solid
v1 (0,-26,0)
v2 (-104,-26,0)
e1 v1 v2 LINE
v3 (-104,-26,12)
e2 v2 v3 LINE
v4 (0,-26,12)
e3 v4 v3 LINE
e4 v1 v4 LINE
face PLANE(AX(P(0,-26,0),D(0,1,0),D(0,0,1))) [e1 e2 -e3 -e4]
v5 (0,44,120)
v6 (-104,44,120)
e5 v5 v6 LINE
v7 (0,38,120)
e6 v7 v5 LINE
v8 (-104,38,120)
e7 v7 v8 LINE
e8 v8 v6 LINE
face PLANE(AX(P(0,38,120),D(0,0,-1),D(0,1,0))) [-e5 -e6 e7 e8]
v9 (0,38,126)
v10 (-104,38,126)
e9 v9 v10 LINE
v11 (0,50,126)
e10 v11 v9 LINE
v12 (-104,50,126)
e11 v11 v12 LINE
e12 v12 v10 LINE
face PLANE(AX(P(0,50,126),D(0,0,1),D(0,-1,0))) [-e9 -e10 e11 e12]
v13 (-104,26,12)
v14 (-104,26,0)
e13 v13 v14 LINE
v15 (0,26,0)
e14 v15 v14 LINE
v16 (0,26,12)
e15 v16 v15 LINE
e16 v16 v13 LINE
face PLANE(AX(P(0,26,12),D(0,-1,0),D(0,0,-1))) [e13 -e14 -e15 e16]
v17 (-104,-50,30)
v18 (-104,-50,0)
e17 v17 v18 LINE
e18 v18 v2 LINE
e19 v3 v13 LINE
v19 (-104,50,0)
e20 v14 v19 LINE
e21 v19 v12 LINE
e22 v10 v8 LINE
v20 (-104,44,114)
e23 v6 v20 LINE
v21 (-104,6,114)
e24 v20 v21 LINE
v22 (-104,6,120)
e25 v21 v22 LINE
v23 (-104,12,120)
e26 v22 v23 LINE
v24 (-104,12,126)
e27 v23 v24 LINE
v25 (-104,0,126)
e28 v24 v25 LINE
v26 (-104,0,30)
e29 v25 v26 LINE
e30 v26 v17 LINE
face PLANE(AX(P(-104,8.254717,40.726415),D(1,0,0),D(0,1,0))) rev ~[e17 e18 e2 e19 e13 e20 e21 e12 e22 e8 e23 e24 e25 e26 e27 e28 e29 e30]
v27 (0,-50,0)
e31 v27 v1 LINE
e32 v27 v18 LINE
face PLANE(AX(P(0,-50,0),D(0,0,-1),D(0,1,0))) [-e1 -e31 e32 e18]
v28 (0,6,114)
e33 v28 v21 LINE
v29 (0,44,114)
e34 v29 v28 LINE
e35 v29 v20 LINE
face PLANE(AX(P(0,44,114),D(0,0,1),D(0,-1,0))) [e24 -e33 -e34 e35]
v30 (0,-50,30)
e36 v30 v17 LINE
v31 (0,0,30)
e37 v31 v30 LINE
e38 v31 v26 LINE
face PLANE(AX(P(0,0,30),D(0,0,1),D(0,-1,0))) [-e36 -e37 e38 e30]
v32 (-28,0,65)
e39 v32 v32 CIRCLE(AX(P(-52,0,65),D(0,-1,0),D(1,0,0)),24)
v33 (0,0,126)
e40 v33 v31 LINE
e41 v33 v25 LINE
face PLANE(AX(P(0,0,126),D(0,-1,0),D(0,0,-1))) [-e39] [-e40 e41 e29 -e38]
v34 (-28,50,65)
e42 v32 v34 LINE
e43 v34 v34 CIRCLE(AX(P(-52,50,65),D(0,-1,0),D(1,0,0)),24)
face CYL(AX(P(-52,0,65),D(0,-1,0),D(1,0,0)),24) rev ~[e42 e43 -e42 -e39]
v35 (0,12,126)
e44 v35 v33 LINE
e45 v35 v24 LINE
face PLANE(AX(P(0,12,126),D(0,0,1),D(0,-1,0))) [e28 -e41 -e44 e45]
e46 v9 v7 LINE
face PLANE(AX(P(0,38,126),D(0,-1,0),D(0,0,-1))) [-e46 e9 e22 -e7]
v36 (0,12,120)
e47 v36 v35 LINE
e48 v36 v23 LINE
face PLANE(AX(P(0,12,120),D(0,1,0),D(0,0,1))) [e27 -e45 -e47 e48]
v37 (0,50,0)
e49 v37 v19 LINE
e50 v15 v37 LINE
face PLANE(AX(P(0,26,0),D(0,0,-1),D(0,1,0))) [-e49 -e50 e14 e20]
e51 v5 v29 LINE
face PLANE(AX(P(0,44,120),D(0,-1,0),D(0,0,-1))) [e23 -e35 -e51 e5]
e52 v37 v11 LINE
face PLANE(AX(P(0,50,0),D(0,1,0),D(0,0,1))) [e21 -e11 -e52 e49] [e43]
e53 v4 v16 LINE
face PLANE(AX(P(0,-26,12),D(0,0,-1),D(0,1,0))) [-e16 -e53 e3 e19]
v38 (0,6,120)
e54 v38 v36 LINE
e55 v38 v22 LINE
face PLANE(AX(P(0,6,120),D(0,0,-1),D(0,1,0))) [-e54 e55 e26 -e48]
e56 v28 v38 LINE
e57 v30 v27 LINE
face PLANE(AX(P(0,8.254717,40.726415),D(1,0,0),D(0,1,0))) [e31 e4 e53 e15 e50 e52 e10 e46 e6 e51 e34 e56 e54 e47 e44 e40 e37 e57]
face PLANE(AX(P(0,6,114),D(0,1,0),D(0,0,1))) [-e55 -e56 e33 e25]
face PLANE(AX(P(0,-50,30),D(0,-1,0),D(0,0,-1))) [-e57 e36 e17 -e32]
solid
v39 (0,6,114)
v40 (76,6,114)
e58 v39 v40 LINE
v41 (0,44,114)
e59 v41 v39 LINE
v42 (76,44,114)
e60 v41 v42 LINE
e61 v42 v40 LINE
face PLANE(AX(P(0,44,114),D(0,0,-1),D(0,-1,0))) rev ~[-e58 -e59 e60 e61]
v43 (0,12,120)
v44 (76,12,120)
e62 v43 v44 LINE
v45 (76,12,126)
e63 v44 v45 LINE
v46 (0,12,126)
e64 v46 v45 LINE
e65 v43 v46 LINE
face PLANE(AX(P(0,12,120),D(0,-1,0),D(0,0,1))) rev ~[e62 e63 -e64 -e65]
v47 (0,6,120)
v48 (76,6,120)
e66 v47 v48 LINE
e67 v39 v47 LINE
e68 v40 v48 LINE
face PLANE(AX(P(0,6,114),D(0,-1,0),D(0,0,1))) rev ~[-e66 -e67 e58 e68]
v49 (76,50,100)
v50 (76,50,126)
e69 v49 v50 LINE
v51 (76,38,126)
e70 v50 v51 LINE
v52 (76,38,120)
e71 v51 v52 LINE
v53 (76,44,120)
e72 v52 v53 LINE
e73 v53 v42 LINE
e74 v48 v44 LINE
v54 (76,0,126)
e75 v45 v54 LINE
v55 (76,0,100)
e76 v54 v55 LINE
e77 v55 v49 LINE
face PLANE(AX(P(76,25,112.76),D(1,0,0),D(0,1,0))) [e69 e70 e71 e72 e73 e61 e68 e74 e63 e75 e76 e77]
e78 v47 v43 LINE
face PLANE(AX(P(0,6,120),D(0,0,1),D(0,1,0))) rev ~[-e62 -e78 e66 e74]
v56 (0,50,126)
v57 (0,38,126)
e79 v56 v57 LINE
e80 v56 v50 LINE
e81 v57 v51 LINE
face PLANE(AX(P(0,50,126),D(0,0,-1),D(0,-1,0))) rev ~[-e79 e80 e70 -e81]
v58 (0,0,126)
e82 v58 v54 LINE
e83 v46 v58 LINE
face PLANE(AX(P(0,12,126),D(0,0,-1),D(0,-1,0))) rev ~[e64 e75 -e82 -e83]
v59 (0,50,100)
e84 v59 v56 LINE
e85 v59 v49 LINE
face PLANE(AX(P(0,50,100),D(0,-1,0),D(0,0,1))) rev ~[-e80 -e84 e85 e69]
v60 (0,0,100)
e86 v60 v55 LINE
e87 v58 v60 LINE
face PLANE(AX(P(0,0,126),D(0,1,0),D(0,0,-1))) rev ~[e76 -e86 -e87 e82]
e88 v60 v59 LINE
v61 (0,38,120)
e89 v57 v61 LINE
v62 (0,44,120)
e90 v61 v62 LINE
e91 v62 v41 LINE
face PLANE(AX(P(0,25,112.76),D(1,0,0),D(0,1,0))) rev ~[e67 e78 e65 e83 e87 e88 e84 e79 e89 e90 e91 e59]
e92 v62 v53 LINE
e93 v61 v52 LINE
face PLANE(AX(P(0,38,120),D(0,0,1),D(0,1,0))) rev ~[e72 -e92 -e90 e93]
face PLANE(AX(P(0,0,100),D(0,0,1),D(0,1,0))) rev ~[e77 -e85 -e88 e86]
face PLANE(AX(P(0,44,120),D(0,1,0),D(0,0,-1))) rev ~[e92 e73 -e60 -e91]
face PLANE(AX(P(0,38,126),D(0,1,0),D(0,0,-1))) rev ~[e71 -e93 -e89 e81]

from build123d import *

# Parameters (mm, degrees)
F1_DEPTH = 104
F2_DEPTH = 76
F3_R     = 24
F4_DEPTH = 50


with BuildPart() as f1:
    # F0 (on Right) → F1 (new body)
    with BuildSketch(Plane.YZ):
        Polygon((26, 12), (26, 0), (50, 0), (50, 100), (0, 100), (0, 30), (-50, 30), (-50, 0), (-26, 0), (-26, 12), align=None)
        Polygon((0, 100), (50, 100), (50, 126), (38, 126), (38, 120), (44, 120), (44, 114), (6, 114), (6, 120), (12, 120), (12, 126), (0, 126), align=None)
    extrude(amount=-F1_DEPTH)

    # F3 (on face) → F4 (cut)
    with BuildSketch(Plane.XZ):
        with Locations((-52, 65)):
            Circle(F3_R)
    extrude(amount=-F4_DEPTH, mode=Mode.SUBTRACT)


with BuildPart() as f2:
    # F0 (on Right) → F2 (new body)
    with BuildSketch(Plane.YZ):
        Polygon((0, 100), (50, 100), (50, 126), (38, 126), (38, 120), (44, 120), (44, 114), (6, 114), (6, 120), (12, 120), (12, 126), (0, 126), align=None)
    extrude(amount=F2_DEPTH)


solid = Compound([f1.part, f2.part])
